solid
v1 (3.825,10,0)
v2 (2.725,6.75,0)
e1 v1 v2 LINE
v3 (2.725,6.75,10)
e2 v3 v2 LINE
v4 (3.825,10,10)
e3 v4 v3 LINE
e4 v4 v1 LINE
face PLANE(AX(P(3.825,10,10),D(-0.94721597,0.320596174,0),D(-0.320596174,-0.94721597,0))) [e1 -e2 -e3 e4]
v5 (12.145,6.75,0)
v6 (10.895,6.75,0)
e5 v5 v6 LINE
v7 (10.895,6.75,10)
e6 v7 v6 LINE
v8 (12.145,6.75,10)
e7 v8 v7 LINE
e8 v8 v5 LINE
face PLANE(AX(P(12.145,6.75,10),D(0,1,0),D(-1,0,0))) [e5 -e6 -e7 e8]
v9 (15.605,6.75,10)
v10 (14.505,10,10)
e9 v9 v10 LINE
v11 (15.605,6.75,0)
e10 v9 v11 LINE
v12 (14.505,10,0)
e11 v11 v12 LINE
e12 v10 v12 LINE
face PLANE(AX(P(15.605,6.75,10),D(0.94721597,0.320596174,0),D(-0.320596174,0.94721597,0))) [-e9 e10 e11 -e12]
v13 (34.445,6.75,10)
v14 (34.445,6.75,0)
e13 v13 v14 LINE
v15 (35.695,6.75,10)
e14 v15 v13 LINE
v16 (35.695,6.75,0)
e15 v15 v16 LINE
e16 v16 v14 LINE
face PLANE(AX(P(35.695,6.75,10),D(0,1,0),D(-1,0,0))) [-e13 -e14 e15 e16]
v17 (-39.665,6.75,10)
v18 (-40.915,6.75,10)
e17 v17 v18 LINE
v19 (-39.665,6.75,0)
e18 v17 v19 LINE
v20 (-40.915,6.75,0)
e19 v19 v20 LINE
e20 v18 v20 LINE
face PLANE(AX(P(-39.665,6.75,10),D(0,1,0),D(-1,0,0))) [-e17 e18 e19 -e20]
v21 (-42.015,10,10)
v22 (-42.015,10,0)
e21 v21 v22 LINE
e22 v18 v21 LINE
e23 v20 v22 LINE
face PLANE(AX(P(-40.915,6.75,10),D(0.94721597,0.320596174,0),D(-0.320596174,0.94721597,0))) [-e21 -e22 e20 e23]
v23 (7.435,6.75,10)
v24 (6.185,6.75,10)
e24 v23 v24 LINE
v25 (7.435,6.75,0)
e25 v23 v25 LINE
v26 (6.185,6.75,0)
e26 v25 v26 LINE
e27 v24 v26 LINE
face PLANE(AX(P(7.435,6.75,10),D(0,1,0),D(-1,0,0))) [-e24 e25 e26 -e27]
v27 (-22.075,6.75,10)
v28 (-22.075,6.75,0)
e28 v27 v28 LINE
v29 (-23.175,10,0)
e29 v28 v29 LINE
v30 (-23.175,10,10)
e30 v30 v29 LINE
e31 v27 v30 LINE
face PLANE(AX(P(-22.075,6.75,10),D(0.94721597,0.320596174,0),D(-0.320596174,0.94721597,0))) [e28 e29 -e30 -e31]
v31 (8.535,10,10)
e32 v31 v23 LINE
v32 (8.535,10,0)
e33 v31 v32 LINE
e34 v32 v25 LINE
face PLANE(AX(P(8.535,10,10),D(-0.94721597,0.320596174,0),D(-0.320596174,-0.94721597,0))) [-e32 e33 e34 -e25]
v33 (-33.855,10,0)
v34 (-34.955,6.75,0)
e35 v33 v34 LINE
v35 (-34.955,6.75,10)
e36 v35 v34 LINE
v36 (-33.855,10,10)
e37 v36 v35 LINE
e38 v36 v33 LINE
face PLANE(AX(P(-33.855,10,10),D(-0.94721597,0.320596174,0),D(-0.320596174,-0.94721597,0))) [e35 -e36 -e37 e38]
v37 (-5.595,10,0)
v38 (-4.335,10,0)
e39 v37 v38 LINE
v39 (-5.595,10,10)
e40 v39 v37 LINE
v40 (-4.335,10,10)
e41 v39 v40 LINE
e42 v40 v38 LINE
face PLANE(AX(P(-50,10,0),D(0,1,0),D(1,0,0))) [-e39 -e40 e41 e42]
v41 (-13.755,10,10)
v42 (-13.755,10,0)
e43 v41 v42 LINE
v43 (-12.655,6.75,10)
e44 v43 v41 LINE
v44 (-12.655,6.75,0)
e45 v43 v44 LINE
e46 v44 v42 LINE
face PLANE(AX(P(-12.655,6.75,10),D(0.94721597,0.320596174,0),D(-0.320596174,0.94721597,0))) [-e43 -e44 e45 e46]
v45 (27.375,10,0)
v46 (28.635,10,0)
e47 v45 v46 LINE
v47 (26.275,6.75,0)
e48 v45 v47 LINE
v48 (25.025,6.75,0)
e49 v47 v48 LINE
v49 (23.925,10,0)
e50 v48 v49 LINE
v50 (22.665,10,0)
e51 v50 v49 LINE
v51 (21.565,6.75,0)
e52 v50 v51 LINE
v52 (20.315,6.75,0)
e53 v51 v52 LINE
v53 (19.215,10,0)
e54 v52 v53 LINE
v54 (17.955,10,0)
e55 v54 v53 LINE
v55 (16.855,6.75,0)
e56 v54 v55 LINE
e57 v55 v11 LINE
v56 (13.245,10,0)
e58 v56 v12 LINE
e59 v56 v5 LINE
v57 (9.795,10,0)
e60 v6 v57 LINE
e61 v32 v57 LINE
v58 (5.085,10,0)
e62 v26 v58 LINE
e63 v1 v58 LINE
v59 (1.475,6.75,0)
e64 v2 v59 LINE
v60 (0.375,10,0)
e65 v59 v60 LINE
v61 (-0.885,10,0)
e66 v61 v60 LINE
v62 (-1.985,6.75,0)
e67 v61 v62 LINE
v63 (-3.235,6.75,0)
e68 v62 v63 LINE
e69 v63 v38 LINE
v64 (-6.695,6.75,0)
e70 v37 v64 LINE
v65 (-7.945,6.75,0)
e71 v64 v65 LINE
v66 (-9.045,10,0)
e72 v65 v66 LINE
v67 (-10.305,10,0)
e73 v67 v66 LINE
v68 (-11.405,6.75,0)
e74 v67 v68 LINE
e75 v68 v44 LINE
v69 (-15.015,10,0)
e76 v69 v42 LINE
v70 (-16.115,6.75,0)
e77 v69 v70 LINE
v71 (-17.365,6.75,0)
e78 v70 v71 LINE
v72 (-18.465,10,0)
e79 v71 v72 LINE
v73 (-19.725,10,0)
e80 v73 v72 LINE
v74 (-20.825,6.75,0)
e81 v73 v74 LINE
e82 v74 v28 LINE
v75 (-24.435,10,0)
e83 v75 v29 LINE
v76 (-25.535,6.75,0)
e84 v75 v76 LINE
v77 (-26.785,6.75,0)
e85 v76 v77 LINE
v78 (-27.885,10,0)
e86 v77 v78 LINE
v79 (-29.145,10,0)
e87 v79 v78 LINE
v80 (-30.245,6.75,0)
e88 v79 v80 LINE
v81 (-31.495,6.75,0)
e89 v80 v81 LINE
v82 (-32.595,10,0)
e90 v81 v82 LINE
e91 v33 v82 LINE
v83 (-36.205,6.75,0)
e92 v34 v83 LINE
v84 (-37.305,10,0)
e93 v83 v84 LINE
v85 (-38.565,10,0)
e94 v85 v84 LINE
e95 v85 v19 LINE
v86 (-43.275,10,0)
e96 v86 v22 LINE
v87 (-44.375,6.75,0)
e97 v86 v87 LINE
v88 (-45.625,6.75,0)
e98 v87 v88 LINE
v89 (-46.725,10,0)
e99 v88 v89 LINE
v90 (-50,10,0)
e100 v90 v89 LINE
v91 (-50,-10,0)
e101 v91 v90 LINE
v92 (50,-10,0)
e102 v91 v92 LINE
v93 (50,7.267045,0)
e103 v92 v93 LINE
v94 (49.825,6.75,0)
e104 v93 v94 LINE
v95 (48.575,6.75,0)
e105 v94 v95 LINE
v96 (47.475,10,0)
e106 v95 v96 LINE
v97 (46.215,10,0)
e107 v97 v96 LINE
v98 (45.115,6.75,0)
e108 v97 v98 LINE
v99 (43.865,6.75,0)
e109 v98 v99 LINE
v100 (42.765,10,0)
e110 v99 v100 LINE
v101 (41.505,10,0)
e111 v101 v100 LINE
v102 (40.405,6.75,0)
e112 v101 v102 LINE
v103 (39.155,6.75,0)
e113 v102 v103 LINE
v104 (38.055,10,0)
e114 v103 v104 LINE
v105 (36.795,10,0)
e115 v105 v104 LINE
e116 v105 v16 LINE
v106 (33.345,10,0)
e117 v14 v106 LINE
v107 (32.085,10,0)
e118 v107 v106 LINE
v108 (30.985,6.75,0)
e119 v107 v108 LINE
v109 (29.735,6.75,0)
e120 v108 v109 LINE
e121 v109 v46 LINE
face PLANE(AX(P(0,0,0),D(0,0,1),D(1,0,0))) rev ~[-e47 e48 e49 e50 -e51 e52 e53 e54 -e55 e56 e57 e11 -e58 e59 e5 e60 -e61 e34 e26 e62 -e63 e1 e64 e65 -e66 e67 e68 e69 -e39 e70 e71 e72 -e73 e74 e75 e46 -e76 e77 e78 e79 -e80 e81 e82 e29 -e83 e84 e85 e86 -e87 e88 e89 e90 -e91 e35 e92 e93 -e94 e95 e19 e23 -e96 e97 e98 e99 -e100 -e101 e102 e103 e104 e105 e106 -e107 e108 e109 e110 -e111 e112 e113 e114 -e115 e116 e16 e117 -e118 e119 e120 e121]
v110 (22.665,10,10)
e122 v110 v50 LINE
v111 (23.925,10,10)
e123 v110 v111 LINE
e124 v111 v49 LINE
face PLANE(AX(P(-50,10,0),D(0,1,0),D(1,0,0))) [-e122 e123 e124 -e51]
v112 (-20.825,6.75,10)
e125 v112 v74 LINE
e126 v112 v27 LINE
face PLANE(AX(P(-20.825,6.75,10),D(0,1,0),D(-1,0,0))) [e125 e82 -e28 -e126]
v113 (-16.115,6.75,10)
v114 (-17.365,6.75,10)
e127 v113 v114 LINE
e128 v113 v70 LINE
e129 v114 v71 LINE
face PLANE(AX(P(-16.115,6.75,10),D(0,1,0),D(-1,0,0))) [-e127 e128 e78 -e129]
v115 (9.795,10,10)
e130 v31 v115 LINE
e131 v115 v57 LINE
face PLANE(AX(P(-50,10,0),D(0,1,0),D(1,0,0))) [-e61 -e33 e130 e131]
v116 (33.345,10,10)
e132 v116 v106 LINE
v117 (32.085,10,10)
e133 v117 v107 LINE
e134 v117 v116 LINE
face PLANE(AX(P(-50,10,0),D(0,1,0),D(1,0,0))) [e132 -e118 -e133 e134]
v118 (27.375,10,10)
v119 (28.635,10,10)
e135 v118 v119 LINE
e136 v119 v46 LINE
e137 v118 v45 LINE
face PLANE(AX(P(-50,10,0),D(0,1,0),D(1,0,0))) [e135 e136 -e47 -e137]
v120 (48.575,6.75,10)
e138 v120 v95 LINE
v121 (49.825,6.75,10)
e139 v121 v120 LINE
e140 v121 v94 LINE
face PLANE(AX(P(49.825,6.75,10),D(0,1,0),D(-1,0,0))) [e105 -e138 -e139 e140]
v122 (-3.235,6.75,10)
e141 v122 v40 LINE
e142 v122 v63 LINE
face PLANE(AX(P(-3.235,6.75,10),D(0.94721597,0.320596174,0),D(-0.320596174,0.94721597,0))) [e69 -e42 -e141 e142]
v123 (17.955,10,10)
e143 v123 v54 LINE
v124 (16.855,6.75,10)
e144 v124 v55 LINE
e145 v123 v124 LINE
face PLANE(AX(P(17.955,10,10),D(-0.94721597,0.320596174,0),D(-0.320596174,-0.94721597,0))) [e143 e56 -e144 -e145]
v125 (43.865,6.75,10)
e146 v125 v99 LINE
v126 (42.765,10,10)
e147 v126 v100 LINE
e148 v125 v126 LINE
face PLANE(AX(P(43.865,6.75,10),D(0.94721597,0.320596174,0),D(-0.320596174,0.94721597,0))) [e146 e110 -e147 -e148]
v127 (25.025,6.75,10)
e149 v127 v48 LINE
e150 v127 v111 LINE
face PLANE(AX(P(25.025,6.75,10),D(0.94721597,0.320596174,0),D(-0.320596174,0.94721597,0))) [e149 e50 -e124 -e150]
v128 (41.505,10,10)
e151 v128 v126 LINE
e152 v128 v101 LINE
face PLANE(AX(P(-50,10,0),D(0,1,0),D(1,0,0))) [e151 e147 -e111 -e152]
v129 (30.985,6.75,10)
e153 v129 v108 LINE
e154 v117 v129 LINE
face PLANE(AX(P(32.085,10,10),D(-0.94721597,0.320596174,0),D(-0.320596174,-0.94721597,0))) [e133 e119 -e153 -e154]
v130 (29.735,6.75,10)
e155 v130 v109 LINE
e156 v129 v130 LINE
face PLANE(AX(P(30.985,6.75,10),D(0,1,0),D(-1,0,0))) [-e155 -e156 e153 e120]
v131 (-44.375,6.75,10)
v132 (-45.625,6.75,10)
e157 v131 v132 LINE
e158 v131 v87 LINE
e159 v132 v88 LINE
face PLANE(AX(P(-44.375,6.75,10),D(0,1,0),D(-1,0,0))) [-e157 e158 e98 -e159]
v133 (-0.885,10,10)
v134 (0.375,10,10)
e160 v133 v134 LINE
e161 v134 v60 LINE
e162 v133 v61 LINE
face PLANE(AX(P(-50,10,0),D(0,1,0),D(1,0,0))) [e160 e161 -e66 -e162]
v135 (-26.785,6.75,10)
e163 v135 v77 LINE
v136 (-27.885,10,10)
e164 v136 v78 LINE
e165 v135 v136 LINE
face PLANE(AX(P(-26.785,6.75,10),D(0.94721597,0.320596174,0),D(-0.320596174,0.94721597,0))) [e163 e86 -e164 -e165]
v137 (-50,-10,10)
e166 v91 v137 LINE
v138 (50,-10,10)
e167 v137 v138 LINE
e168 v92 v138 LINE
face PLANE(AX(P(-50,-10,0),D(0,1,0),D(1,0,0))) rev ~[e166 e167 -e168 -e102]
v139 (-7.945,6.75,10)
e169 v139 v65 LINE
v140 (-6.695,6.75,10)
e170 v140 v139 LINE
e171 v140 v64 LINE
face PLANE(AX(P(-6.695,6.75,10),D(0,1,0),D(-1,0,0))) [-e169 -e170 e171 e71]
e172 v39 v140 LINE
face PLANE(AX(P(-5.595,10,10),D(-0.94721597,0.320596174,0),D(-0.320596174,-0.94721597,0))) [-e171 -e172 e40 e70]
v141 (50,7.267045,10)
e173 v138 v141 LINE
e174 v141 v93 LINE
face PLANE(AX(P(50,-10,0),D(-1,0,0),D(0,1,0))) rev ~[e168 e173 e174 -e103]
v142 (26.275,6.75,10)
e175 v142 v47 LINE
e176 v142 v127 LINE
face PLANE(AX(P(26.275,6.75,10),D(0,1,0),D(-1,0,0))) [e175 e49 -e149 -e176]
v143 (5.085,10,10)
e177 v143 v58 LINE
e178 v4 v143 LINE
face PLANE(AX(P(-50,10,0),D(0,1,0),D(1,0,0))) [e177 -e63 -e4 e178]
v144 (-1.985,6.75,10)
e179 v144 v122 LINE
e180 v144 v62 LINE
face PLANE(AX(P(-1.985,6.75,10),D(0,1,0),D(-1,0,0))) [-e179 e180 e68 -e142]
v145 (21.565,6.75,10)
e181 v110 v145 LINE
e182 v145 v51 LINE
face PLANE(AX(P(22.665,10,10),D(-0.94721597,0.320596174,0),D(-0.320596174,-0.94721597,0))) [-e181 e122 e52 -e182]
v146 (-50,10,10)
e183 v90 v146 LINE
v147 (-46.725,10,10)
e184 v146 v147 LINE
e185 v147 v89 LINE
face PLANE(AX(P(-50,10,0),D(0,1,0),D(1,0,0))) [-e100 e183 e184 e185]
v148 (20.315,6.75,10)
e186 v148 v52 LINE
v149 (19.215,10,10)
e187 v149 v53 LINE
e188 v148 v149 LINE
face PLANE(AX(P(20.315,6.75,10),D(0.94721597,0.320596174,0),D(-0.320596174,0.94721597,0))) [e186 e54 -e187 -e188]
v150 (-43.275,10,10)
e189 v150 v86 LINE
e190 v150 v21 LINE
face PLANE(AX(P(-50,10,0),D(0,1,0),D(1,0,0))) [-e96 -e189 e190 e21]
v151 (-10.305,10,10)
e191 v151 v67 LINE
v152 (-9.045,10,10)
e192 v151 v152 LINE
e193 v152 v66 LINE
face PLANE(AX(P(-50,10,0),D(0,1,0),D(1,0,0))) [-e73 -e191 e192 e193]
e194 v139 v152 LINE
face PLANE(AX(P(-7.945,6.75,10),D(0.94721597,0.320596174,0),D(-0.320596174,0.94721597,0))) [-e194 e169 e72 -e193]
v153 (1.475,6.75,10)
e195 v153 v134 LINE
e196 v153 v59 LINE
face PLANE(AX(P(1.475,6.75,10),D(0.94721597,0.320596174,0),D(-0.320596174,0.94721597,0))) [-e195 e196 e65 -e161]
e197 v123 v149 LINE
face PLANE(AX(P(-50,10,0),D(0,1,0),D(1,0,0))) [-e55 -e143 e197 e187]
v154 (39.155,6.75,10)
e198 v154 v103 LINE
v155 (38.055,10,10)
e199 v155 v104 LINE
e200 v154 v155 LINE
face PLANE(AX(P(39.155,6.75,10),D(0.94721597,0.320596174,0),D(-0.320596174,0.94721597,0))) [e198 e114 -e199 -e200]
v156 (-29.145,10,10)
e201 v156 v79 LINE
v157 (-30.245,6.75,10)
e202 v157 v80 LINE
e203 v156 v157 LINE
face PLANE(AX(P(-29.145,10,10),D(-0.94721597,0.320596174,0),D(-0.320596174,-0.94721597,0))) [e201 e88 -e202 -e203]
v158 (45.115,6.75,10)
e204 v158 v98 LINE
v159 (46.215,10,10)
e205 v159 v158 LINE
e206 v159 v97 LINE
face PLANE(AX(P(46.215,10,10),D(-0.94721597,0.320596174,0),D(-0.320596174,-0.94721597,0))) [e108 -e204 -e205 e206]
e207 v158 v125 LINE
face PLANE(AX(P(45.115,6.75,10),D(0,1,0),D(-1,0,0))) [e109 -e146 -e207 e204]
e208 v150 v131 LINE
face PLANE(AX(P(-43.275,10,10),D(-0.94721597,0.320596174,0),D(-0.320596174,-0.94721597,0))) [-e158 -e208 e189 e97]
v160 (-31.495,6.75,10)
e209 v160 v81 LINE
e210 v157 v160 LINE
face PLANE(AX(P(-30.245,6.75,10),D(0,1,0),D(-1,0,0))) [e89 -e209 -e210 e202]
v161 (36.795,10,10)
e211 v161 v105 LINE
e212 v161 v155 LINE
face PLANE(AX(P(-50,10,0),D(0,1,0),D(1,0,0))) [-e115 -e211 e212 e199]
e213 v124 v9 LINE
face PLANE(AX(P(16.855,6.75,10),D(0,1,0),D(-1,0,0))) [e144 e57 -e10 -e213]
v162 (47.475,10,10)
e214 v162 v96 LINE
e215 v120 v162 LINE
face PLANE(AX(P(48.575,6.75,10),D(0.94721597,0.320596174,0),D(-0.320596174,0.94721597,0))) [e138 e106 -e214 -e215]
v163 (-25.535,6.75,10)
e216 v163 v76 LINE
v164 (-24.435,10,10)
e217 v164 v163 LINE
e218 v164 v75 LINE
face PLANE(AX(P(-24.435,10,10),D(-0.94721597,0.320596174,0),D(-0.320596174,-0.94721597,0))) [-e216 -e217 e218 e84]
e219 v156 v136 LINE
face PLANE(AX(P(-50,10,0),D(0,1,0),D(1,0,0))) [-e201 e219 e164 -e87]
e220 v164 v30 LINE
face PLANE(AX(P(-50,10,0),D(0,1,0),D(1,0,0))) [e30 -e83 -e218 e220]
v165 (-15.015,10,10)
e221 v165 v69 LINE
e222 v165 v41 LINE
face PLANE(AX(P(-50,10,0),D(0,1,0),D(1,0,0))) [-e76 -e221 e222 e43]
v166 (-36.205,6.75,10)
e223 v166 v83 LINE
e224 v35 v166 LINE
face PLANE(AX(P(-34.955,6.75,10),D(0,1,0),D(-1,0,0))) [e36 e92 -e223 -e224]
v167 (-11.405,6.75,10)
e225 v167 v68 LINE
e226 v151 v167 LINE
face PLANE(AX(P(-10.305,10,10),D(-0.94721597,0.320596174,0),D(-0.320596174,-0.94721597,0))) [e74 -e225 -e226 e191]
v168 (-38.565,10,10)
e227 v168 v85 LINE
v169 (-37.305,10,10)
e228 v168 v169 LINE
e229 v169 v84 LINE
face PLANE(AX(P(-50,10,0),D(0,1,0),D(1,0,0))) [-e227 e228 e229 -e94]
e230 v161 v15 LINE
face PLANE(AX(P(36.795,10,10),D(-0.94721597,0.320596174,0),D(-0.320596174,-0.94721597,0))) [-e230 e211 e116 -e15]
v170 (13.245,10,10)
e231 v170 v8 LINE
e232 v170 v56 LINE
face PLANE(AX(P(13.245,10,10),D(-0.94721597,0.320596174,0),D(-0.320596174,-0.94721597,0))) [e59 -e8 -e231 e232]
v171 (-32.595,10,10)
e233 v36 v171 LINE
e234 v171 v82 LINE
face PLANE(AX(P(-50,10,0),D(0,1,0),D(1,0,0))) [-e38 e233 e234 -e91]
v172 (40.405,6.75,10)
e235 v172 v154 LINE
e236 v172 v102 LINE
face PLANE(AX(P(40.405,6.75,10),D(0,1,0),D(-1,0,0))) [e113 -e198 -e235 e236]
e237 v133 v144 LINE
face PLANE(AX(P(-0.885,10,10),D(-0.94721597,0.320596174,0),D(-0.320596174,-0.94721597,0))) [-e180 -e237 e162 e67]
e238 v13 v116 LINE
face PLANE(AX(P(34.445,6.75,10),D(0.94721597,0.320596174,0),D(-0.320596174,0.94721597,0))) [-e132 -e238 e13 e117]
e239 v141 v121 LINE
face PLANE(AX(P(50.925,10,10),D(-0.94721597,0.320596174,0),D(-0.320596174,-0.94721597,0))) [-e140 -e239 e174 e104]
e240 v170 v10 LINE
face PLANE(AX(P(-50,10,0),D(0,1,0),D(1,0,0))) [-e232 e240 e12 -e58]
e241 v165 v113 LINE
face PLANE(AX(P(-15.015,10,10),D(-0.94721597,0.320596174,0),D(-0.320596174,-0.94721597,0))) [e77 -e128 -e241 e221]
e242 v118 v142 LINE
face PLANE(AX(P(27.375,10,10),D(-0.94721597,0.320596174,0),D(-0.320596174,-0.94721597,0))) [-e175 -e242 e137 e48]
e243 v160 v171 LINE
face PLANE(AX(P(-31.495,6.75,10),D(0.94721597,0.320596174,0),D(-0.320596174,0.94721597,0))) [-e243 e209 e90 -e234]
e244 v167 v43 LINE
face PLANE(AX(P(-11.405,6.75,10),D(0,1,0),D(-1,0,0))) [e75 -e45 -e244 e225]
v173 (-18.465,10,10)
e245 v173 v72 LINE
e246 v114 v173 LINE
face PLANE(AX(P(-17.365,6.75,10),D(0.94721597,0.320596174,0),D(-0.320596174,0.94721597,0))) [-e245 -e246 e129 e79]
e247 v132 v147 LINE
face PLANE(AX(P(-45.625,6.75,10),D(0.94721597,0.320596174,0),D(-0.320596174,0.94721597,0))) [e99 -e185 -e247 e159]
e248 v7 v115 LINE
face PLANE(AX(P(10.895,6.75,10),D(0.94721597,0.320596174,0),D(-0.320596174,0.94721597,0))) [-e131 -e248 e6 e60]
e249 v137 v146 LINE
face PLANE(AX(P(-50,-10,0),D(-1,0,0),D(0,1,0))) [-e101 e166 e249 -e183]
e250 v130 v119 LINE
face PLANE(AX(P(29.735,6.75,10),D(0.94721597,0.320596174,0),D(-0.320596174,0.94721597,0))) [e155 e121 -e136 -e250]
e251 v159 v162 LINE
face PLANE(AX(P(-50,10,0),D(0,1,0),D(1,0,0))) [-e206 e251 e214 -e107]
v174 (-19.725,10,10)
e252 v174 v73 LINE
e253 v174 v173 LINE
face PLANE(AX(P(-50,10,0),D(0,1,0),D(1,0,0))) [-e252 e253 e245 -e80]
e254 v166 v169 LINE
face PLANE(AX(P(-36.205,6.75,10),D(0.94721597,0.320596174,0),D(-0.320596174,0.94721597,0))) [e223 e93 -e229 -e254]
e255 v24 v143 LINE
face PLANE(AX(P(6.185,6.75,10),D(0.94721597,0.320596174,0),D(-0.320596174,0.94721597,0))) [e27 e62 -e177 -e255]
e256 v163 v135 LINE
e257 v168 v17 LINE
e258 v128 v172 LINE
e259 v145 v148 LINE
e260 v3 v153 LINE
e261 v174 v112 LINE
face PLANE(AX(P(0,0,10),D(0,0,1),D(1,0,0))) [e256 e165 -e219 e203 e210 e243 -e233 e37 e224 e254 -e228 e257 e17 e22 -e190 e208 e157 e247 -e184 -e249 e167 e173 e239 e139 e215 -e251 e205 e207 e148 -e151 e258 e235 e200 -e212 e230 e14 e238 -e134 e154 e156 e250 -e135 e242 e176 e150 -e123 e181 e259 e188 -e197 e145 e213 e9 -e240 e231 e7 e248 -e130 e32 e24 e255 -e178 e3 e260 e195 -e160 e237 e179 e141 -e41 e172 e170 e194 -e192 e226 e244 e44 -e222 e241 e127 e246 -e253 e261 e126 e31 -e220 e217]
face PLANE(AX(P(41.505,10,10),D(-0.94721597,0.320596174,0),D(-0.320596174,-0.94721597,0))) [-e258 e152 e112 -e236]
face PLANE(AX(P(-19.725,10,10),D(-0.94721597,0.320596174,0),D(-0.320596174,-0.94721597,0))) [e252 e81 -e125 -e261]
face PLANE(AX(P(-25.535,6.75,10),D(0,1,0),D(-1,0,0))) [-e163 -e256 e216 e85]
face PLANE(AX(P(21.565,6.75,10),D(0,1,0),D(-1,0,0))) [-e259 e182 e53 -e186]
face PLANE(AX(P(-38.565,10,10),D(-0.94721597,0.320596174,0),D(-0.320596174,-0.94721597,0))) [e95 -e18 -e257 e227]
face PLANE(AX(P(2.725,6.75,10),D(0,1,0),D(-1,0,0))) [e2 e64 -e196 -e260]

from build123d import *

# Parameters (mm, degrees)
CROQUIS1_W              = 100
CROQUIS1_H              = 20
SALIENTE_EXTRUIR1_DEPTH = 10
CORTAR_EXTRUIR1_DEPTH   = 52.961524227
MATRIZL1_COUNT          = 69
MATRIZL1_PITCH          = 4.71


with BuildPart() as part:
    # Croquis1 → Saliente-Extruir1 (new body)
    with BuildSketch(Plane.XY):
        Rectangle(CROQUIS1_W, CROQUIS1_H)
    extrude(amount=SALIENTE_EXTRUIR1_DEPTH)

    # Croquis2 → Cortar-Extruir1 (cut, through all)
    with BuildSketch(Plane.XY.offset(10)):
        Polygon((-43.275, 10), (-44.375, 6.75), (-45.625, 6.75), (-46.725, 10), align=None)
    cortar_extruir1 = extrude(amount=-CORTAR_EXTRUIR1_DEPTH, mode=Mode.SUBTRACT)

    # MatrizL1: Cortar-Extruir1 ×69
    with Locations(*[(i * MATRIZL1_PITCH, 0, 0) for i in range(1, MATRIZL1_COUNT)]):
        add(cortar_extruir1, mode=Mode.SUBTRACT)


solid = part.part
